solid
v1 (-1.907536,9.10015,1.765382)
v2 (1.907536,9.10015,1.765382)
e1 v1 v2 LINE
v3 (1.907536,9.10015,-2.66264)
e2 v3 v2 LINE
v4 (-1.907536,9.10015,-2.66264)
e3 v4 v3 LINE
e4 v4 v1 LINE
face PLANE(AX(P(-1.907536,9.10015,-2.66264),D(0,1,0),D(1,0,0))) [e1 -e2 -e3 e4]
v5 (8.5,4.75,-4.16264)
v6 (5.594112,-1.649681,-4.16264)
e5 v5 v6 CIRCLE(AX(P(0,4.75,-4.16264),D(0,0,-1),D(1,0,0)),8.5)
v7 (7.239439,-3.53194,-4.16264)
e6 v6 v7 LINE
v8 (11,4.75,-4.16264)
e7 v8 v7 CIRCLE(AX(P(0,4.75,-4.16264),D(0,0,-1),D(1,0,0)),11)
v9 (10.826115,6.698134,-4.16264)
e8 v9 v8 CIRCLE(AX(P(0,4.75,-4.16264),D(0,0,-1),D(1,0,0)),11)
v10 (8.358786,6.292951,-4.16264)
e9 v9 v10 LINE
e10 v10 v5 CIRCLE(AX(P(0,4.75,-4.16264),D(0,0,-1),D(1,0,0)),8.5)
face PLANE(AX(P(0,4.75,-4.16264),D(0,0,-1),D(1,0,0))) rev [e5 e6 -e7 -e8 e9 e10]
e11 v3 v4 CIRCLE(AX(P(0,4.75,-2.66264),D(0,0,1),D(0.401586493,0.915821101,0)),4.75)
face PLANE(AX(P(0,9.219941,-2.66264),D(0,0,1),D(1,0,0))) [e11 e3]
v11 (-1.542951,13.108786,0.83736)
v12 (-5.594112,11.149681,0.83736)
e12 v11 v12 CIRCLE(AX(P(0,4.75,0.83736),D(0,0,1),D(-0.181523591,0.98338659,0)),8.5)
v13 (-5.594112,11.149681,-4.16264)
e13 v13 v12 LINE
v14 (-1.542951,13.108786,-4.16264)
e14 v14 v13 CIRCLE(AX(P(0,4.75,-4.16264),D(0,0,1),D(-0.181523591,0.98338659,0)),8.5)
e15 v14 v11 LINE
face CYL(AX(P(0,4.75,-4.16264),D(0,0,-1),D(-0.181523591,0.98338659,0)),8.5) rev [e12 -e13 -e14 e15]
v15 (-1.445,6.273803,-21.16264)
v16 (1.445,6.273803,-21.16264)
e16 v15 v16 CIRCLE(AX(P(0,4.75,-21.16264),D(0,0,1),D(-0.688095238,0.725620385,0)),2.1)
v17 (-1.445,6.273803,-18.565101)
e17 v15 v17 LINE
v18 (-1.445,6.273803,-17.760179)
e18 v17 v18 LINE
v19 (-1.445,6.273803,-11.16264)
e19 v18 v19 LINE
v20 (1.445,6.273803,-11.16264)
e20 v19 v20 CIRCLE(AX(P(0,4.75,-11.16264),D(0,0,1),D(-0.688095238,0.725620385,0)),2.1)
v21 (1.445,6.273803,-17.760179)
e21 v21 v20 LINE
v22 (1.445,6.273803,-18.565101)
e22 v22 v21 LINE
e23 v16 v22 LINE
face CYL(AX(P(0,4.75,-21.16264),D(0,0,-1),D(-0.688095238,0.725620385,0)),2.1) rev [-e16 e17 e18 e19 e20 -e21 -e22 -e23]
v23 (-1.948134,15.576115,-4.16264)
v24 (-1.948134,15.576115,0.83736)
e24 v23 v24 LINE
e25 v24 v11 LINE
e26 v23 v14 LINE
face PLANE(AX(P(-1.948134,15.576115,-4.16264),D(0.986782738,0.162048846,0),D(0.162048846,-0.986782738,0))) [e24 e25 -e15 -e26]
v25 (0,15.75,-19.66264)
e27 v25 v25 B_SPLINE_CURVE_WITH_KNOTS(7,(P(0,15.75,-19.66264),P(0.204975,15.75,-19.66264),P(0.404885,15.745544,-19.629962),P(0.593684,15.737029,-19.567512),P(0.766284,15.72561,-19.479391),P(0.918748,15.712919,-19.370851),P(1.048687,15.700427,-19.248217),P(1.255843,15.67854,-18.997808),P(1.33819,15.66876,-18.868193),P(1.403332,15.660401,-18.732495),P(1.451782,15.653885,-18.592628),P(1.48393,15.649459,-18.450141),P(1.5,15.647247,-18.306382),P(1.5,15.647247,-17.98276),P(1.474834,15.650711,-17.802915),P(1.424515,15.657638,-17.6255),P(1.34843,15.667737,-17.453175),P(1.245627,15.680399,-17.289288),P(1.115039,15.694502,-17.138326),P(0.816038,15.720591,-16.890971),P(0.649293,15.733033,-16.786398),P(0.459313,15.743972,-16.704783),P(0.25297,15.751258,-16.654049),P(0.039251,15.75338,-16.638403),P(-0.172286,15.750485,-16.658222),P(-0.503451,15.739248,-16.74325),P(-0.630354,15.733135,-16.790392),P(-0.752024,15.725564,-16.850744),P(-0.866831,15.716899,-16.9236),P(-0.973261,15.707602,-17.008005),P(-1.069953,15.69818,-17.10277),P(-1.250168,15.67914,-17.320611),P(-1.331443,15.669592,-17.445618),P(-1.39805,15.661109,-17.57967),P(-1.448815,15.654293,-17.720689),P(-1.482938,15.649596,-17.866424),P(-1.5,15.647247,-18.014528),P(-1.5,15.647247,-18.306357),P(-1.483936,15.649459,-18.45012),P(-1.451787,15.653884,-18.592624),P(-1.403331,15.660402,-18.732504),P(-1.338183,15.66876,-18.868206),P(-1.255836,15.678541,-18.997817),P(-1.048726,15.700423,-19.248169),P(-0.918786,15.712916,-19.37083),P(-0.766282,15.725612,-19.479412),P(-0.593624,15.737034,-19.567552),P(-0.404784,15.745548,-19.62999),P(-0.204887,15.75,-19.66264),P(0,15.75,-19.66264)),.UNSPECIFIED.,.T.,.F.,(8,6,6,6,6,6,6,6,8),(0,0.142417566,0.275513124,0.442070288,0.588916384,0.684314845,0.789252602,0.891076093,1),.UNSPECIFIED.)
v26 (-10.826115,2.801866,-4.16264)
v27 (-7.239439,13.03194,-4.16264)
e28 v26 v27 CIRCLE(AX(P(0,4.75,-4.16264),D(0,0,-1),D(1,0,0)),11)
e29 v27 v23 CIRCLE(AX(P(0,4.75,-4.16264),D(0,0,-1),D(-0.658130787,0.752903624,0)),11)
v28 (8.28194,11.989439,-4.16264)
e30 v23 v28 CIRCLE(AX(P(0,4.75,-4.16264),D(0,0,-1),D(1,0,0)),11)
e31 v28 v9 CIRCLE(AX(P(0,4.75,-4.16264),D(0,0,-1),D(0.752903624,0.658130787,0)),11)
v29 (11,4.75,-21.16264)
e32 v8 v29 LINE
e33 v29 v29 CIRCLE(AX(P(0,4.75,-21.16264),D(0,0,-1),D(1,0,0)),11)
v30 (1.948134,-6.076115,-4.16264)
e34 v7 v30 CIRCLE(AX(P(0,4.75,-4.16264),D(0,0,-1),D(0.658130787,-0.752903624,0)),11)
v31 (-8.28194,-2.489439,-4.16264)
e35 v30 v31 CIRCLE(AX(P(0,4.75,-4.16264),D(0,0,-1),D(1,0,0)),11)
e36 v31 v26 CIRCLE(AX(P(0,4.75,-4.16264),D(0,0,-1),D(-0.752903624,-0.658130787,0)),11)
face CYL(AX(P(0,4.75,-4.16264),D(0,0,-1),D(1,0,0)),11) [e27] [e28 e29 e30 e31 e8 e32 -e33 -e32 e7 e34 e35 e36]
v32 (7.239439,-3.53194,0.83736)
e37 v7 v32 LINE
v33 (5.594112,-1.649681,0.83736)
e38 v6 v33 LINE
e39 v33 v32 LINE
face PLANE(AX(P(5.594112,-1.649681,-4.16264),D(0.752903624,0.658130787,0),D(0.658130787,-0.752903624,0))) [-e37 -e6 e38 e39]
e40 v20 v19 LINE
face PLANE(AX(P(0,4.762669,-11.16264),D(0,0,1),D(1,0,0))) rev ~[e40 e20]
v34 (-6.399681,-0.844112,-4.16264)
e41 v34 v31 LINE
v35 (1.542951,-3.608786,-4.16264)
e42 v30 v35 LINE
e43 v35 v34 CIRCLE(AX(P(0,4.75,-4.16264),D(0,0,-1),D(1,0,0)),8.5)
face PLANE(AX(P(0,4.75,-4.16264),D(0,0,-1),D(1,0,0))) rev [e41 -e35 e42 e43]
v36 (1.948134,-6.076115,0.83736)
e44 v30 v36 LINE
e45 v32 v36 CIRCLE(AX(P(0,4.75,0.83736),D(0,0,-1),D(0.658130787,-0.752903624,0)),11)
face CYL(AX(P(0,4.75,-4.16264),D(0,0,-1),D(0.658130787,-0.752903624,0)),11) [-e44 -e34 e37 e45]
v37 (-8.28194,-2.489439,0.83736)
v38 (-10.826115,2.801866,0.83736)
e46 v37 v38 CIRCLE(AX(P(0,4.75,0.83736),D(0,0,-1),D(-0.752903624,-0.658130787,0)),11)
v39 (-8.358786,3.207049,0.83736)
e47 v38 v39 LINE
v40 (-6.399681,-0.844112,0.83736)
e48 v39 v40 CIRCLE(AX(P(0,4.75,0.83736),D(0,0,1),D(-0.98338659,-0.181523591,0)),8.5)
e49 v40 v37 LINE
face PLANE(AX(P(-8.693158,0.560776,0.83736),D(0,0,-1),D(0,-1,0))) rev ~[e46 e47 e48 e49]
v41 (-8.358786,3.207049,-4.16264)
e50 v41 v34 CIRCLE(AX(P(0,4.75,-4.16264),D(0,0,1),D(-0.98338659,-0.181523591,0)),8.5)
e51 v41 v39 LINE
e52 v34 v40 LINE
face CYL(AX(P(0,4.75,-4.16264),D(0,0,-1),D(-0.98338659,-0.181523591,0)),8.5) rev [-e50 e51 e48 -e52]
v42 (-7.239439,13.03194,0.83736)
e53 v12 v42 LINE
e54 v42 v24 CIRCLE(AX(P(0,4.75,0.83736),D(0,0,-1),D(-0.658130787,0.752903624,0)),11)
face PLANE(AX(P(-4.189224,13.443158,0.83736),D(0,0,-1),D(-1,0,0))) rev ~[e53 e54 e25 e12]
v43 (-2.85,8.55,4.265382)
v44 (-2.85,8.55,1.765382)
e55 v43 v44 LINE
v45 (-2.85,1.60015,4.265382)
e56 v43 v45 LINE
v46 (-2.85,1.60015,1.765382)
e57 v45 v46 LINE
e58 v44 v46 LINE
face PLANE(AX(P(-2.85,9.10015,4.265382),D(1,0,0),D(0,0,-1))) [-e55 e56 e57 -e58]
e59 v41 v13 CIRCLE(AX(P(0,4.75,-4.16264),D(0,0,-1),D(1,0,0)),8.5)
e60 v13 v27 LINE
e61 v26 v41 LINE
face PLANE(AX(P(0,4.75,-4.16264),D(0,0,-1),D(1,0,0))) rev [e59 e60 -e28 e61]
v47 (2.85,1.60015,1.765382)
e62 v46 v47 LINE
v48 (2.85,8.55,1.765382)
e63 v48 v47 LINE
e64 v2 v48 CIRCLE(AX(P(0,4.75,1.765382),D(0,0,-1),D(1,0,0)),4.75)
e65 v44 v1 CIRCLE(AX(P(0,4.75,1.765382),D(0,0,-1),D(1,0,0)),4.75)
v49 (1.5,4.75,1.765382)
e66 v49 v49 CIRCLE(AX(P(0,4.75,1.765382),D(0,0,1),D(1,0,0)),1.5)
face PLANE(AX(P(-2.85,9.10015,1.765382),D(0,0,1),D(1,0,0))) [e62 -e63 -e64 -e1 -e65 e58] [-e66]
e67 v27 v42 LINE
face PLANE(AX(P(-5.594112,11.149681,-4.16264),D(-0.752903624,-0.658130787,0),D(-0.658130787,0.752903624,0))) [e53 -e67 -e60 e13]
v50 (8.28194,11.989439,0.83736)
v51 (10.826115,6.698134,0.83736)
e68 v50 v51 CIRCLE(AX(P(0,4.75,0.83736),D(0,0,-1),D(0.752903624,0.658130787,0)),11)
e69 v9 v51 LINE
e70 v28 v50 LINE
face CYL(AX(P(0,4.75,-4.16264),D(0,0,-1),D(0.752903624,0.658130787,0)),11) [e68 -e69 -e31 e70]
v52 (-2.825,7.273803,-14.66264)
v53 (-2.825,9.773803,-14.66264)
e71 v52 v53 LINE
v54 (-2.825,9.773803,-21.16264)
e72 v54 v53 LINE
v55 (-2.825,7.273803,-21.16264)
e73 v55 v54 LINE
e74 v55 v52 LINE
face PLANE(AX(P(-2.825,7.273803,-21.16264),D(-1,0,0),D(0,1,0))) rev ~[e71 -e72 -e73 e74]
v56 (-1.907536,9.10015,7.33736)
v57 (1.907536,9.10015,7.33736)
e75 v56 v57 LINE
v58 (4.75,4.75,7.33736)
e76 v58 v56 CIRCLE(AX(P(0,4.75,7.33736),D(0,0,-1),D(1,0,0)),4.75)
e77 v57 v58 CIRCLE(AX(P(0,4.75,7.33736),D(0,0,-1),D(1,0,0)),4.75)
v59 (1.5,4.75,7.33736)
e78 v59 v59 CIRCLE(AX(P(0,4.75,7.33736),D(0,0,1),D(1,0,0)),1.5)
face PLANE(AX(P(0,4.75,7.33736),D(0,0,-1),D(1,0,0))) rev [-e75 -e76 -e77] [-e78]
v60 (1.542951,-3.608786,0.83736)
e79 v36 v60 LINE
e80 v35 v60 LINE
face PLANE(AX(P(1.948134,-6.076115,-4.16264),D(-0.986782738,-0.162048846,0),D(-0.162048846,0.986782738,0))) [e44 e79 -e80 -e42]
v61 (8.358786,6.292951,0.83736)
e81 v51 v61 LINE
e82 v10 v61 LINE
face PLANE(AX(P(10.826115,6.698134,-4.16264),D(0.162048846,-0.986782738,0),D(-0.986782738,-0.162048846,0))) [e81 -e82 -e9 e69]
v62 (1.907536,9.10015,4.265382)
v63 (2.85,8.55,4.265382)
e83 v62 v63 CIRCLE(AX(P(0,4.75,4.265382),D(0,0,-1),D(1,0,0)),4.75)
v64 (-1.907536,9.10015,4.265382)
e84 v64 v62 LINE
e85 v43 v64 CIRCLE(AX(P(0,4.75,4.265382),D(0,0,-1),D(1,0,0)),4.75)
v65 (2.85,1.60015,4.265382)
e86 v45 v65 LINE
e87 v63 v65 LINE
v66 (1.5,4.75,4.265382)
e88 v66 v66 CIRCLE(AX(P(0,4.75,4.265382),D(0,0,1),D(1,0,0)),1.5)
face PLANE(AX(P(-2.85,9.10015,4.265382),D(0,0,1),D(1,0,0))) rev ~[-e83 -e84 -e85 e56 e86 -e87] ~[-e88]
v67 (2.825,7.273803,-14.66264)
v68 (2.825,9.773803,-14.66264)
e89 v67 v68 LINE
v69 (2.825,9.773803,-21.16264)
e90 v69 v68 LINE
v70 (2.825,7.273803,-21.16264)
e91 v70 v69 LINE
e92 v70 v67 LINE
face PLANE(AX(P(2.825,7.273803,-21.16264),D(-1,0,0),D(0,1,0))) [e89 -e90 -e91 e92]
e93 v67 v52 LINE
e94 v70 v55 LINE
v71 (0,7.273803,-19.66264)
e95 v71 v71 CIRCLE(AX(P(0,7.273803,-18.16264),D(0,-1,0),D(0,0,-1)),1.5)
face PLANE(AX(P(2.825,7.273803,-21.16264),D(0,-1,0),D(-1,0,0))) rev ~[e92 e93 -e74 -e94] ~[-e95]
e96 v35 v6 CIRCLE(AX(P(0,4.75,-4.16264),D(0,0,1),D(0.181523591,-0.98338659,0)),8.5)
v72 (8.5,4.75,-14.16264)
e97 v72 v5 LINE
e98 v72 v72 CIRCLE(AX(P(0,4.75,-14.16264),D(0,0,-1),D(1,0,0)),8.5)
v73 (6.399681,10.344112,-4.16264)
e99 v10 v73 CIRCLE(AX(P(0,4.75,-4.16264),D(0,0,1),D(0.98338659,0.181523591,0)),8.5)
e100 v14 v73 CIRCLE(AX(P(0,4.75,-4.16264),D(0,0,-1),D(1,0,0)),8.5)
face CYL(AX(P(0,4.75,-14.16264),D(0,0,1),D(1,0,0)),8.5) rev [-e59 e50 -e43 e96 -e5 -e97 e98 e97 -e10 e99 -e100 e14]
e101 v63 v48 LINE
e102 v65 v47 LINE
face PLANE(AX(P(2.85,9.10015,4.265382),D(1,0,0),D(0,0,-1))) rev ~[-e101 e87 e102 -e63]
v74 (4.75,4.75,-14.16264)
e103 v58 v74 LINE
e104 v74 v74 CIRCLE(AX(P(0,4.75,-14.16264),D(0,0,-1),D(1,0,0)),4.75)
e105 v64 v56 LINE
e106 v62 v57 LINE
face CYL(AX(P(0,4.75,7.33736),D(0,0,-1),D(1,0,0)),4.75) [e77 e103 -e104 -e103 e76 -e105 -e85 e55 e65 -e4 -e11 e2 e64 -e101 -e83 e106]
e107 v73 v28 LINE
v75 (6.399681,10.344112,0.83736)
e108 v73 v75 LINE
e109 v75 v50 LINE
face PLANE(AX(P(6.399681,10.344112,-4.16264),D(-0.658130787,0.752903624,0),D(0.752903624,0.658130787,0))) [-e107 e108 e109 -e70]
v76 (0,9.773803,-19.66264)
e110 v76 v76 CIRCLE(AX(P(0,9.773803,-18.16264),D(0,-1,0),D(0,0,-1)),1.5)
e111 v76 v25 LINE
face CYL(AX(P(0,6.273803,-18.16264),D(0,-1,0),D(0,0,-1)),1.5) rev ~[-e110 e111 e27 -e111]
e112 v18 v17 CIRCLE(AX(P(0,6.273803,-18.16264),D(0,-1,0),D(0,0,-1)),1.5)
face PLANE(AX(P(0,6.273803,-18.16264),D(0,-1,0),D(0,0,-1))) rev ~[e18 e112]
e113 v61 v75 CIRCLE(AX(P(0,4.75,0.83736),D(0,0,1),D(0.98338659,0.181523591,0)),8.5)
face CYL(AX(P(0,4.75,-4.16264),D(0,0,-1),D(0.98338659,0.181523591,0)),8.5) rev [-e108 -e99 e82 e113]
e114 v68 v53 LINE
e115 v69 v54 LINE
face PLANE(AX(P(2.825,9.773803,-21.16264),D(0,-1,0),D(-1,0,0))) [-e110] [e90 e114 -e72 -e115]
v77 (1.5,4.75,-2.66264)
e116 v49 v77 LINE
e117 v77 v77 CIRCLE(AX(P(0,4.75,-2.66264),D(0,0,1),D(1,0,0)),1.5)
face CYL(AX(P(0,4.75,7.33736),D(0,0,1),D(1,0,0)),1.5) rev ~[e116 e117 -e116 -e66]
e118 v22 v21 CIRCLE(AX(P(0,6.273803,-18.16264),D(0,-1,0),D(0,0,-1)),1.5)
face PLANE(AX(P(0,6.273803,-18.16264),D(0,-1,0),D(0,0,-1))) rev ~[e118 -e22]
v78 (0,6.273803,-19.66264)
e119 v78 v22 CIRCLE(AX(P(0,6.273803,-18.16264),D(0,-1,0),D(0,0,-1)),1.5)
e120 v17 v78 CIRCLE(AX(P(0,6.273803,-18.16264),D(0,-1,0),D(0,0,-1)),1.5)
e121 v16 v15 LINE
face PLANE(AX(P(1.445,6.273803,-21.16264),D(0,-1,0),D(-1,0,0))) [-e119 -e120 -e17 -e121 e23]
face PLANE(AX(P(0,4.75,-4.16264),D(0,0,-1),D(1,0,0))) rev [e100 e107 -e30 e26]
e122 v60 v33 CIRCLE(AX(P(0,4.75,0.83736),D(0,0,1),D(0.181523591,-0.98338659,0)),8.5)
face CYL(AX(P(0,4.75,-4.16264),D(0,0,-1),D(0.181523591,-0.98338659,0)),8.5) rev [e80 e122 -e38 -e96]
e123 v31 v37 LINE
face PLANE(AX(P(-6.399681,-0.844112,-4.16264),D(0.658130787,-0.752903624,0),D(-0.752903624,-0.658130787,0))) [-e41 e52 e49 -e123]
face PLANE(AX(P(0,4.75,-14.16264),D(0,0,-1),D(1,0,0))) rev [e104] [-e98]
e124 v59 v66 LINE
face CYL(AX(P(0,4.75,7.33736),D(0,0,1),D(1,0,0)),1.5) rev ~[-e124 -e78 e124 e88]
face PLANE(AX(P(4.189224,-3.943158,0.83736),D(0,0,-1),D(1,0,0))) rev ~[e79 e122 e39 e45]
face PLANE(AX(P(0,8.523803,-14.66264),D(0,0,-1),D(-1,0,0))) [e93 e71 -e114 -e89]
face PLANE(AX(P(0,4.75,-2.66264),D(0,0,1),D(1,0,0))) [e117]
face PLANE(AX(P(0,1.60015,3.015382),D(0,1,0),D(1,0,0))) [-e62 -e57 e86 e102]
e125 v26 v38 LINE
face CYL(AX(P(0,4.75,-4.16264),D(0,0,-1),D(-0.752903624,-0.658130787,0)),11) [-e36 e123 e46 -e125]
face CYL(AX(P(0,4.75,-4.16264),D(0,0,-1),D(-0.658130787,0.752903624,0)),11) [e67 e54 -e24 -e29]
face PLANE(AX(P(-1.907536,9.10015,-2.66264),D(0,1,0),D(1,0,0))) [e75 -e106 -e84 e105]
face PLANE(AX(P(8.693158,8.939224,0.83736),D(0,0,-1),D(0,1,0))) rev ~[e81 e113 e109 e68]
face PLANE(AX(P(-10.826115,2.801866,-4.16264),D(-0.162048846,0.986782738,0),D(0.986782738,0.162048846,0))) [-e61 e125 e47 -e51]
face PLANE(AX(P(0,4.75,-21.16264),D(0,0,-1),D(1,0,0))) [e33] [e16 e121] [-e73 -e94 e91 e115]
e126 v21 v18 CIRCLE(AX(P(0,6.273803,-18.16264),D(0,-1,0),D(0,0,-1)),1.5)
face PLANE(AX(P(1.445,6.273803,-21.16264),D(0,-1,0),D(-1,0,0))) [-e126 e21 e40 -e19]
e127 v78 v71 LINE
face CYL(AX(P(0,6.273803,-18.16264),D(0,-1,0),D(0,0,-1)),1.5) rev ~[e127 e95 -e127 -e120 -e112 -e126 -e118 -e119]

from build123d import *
from build123d.topology import SkipClean

# Parameters (mm, degrees)
BOSS_EXTRUDE2_DEPTH = 5
CIRPATTERN1_COUNT   = 4
SKETCH5_R           = 1.5
CUT_EXTRUDE1_DEPTH  = 10
CUT_EXTRUDE2_DEPTH  = 10
SKETCH8_W           = 5.65
SKETCH8_H           = 2.5
CUT_EXTRUDE3_DEPTH  = 6.5
SKETCH10_R          = 1.5
CUT_EXTRUDE5_DEPTH  = 10
CUT_EXTRUDE6_START  = -10
CUT_EXTRUDE6_DEPTH  = 10
SKETCH13_W          = 5.7
SKETCH13_H          = 2.5
CUT_EXTRUDE7_DEPTH  = 7.5


with BuildPart() as part:
    # Sketch3 → Revolve1 (revolve)
    with BuildSketch(Plane(origin=(0, 0, 0), x_dir=(0, 0, -1), z_dir=(1, 0, 0)), mode=Mode.PRIVATE) as revolve1_sk:
        Polygon((-7.337359925, 0), (14.162640075, 0), (14.162640075, -3.75), (4.162640075, -3.75), (4.162640075, -6.25), (16.162640075, -6.25), (21.162640075, -6.25), (21.162640075, -3.047373414), (21.162640075, 4.75), (19.162640075, 4.75), (-7.337359925, 4.75), align=None)
    revolve(revolve1_sk.sketch.rotate(Axis((0, 4.75, 26.894611834), (0, 0, -1)), 270), axis=Axis((0, 4.75, 26.894611834), (0, 0, -1)))

    # Sketch4 → Boss-Extrude2 (add)
    with SkipClean():  # the faces are left unmerged after this step: merging them gives an invalid solid
        with BuildSketch(Plane.XY.offset(-4.162640075)):
            with BuildLine():
                Line((-1.948133817, 15.576115399), (-1.542950524, 13.108786017))
                ThreePointArc((-1.542950524, 13.108786017), (-3.700532064, 12.402193309), (-5.594111688, 11.149680807))
                Line((-5.594111688, 11.149680807), (-7.239438655, 13.031939867))
                ThreePointArc((-7.239438655, 13.031939867), (-4.766663326, 14.663572552), (-1.948133817, 15.576115399))
            make_face()
        boss_extrude2 = extrude(amount=BOSS_EXTRUDE2_DEPTH)

    # CirPattern1: Boss-Extrude2 ×4 about axis
    with SkipClean():  # the faces are left unmerged after this step: merging them gives an invalid solid
        cirpattern1_axis = Axis((0, 4.75, 0), (0, 0, 1))
        for i in range(1, CIRPATTERN1_COUNT):
            add(boss_extrude2.rotate(cirpattern1_axis, i * 360 / CIRPATTERN1_COUNT))

    # Sketch5 → Cut-Extrude1 (cut)
    with SkipClean():  # the faces are left unmerged after this step: merging them gives an invalid solid
        with BuildSketch(Plane.XY.offset(7.337359925)):
            with Locations((0, 4.75)):
                Circle(SKETCH5_R)
        extrude(amount=-CUT_EXTRUDE1_DEPTH, mode=Mode.SUBTRACT)

    # Sketch7 → Cut-Extrude2 (cut)
    with SkipClean():  # the faces are left unmerged after this step: merging them gives an invalid solid
        with BuildSketch(Plane(origin=(0, 0, -21.162640075), x_dir=(-1, 0, 0), z_dir=(0, 0, -1))):
            with BuildLine():
                Line((-1.445, 6.273802809), (1.445, 6.273802809))
                ThreePointArc((1.445, 6.273802809), (0, 2.65), (-1.445, 6.273802809))
            make_face()
        extrude(amount=-CUT_EXTRUDE2_DEPTH, mode=Mode.SUBTRACT)

    # Sketch8 → Cut-Extrude3 (cut)
    with SkipClean():  # the faces are left unmerged after this step: merging them gives an invalid solid
        with BuildSketch(Plane(origin=(0, 0, -21.162640075), x_dir=(-1, 0, 0), z_dir=(0, 0, -1))):
            with Locations((0, 8.523802809)):
                Rectangle(SKETCH8_W, SKETCH8_H)
        extrude(amount=-CUT_EXTRUDE3_DEPTH, mode=Mode.SUBTRACT)

    # Sketch10 → Cut-Extrude5 (cut)
    with SkipClean():  # the faces are left unmerged after this step: merging them gives an invalid solid
        with BuildSketch(Plane.XZ.offset(-6.273802809)):
            with Locations(Location((0, -18.162640075, 0), (0, 0, 270))):
                Circle(SKETCH10_R)
        extrude(amount=-CUT_EXTRUDE5_DEPTH, mode=Mode.SUBTRACT)

    # Sketch12 → Cut-Extrude6 (cut)
    with SkipClean():  # the faces are left unmerged after this step: merging them gives an invalid solid
        with BuildSketch(Plane.XY.offset(7.337359925).offset(CUT_EXTRUDE6_START)):
            with BuildLine():
                Line((-1.907535842, 9.100150229), (1.907535842, 9.100150229))
                ThreePointArc((1.907535842, 9.100150229), (0, 9.5), (-1.907535842, 9.100150229))
            make_face()
        extrude(amount=CUT_EXTRUDE6_DEPTH, mode=Mode.SUBTRACT)

    # Sketch13 → Cut-Extrude7 (cut)
    with SkipClean():  # the faces are left unmerged after this step: merging them gives an invalid solid
        with BuildSketch(Plane(origin=(0, 9.100150229, 0), x_dir=(1, 0, 0), z_dir=(0, 1, 0))):
            with Locations((0, -3.015381777)):
                Rectangle(SKETCH13_W, SKETCH13_H)
        extrude(amount=-CUT_EXTRUDE7_DEPTH, mode=Mode.SUBTRACT)


solid = part.part
